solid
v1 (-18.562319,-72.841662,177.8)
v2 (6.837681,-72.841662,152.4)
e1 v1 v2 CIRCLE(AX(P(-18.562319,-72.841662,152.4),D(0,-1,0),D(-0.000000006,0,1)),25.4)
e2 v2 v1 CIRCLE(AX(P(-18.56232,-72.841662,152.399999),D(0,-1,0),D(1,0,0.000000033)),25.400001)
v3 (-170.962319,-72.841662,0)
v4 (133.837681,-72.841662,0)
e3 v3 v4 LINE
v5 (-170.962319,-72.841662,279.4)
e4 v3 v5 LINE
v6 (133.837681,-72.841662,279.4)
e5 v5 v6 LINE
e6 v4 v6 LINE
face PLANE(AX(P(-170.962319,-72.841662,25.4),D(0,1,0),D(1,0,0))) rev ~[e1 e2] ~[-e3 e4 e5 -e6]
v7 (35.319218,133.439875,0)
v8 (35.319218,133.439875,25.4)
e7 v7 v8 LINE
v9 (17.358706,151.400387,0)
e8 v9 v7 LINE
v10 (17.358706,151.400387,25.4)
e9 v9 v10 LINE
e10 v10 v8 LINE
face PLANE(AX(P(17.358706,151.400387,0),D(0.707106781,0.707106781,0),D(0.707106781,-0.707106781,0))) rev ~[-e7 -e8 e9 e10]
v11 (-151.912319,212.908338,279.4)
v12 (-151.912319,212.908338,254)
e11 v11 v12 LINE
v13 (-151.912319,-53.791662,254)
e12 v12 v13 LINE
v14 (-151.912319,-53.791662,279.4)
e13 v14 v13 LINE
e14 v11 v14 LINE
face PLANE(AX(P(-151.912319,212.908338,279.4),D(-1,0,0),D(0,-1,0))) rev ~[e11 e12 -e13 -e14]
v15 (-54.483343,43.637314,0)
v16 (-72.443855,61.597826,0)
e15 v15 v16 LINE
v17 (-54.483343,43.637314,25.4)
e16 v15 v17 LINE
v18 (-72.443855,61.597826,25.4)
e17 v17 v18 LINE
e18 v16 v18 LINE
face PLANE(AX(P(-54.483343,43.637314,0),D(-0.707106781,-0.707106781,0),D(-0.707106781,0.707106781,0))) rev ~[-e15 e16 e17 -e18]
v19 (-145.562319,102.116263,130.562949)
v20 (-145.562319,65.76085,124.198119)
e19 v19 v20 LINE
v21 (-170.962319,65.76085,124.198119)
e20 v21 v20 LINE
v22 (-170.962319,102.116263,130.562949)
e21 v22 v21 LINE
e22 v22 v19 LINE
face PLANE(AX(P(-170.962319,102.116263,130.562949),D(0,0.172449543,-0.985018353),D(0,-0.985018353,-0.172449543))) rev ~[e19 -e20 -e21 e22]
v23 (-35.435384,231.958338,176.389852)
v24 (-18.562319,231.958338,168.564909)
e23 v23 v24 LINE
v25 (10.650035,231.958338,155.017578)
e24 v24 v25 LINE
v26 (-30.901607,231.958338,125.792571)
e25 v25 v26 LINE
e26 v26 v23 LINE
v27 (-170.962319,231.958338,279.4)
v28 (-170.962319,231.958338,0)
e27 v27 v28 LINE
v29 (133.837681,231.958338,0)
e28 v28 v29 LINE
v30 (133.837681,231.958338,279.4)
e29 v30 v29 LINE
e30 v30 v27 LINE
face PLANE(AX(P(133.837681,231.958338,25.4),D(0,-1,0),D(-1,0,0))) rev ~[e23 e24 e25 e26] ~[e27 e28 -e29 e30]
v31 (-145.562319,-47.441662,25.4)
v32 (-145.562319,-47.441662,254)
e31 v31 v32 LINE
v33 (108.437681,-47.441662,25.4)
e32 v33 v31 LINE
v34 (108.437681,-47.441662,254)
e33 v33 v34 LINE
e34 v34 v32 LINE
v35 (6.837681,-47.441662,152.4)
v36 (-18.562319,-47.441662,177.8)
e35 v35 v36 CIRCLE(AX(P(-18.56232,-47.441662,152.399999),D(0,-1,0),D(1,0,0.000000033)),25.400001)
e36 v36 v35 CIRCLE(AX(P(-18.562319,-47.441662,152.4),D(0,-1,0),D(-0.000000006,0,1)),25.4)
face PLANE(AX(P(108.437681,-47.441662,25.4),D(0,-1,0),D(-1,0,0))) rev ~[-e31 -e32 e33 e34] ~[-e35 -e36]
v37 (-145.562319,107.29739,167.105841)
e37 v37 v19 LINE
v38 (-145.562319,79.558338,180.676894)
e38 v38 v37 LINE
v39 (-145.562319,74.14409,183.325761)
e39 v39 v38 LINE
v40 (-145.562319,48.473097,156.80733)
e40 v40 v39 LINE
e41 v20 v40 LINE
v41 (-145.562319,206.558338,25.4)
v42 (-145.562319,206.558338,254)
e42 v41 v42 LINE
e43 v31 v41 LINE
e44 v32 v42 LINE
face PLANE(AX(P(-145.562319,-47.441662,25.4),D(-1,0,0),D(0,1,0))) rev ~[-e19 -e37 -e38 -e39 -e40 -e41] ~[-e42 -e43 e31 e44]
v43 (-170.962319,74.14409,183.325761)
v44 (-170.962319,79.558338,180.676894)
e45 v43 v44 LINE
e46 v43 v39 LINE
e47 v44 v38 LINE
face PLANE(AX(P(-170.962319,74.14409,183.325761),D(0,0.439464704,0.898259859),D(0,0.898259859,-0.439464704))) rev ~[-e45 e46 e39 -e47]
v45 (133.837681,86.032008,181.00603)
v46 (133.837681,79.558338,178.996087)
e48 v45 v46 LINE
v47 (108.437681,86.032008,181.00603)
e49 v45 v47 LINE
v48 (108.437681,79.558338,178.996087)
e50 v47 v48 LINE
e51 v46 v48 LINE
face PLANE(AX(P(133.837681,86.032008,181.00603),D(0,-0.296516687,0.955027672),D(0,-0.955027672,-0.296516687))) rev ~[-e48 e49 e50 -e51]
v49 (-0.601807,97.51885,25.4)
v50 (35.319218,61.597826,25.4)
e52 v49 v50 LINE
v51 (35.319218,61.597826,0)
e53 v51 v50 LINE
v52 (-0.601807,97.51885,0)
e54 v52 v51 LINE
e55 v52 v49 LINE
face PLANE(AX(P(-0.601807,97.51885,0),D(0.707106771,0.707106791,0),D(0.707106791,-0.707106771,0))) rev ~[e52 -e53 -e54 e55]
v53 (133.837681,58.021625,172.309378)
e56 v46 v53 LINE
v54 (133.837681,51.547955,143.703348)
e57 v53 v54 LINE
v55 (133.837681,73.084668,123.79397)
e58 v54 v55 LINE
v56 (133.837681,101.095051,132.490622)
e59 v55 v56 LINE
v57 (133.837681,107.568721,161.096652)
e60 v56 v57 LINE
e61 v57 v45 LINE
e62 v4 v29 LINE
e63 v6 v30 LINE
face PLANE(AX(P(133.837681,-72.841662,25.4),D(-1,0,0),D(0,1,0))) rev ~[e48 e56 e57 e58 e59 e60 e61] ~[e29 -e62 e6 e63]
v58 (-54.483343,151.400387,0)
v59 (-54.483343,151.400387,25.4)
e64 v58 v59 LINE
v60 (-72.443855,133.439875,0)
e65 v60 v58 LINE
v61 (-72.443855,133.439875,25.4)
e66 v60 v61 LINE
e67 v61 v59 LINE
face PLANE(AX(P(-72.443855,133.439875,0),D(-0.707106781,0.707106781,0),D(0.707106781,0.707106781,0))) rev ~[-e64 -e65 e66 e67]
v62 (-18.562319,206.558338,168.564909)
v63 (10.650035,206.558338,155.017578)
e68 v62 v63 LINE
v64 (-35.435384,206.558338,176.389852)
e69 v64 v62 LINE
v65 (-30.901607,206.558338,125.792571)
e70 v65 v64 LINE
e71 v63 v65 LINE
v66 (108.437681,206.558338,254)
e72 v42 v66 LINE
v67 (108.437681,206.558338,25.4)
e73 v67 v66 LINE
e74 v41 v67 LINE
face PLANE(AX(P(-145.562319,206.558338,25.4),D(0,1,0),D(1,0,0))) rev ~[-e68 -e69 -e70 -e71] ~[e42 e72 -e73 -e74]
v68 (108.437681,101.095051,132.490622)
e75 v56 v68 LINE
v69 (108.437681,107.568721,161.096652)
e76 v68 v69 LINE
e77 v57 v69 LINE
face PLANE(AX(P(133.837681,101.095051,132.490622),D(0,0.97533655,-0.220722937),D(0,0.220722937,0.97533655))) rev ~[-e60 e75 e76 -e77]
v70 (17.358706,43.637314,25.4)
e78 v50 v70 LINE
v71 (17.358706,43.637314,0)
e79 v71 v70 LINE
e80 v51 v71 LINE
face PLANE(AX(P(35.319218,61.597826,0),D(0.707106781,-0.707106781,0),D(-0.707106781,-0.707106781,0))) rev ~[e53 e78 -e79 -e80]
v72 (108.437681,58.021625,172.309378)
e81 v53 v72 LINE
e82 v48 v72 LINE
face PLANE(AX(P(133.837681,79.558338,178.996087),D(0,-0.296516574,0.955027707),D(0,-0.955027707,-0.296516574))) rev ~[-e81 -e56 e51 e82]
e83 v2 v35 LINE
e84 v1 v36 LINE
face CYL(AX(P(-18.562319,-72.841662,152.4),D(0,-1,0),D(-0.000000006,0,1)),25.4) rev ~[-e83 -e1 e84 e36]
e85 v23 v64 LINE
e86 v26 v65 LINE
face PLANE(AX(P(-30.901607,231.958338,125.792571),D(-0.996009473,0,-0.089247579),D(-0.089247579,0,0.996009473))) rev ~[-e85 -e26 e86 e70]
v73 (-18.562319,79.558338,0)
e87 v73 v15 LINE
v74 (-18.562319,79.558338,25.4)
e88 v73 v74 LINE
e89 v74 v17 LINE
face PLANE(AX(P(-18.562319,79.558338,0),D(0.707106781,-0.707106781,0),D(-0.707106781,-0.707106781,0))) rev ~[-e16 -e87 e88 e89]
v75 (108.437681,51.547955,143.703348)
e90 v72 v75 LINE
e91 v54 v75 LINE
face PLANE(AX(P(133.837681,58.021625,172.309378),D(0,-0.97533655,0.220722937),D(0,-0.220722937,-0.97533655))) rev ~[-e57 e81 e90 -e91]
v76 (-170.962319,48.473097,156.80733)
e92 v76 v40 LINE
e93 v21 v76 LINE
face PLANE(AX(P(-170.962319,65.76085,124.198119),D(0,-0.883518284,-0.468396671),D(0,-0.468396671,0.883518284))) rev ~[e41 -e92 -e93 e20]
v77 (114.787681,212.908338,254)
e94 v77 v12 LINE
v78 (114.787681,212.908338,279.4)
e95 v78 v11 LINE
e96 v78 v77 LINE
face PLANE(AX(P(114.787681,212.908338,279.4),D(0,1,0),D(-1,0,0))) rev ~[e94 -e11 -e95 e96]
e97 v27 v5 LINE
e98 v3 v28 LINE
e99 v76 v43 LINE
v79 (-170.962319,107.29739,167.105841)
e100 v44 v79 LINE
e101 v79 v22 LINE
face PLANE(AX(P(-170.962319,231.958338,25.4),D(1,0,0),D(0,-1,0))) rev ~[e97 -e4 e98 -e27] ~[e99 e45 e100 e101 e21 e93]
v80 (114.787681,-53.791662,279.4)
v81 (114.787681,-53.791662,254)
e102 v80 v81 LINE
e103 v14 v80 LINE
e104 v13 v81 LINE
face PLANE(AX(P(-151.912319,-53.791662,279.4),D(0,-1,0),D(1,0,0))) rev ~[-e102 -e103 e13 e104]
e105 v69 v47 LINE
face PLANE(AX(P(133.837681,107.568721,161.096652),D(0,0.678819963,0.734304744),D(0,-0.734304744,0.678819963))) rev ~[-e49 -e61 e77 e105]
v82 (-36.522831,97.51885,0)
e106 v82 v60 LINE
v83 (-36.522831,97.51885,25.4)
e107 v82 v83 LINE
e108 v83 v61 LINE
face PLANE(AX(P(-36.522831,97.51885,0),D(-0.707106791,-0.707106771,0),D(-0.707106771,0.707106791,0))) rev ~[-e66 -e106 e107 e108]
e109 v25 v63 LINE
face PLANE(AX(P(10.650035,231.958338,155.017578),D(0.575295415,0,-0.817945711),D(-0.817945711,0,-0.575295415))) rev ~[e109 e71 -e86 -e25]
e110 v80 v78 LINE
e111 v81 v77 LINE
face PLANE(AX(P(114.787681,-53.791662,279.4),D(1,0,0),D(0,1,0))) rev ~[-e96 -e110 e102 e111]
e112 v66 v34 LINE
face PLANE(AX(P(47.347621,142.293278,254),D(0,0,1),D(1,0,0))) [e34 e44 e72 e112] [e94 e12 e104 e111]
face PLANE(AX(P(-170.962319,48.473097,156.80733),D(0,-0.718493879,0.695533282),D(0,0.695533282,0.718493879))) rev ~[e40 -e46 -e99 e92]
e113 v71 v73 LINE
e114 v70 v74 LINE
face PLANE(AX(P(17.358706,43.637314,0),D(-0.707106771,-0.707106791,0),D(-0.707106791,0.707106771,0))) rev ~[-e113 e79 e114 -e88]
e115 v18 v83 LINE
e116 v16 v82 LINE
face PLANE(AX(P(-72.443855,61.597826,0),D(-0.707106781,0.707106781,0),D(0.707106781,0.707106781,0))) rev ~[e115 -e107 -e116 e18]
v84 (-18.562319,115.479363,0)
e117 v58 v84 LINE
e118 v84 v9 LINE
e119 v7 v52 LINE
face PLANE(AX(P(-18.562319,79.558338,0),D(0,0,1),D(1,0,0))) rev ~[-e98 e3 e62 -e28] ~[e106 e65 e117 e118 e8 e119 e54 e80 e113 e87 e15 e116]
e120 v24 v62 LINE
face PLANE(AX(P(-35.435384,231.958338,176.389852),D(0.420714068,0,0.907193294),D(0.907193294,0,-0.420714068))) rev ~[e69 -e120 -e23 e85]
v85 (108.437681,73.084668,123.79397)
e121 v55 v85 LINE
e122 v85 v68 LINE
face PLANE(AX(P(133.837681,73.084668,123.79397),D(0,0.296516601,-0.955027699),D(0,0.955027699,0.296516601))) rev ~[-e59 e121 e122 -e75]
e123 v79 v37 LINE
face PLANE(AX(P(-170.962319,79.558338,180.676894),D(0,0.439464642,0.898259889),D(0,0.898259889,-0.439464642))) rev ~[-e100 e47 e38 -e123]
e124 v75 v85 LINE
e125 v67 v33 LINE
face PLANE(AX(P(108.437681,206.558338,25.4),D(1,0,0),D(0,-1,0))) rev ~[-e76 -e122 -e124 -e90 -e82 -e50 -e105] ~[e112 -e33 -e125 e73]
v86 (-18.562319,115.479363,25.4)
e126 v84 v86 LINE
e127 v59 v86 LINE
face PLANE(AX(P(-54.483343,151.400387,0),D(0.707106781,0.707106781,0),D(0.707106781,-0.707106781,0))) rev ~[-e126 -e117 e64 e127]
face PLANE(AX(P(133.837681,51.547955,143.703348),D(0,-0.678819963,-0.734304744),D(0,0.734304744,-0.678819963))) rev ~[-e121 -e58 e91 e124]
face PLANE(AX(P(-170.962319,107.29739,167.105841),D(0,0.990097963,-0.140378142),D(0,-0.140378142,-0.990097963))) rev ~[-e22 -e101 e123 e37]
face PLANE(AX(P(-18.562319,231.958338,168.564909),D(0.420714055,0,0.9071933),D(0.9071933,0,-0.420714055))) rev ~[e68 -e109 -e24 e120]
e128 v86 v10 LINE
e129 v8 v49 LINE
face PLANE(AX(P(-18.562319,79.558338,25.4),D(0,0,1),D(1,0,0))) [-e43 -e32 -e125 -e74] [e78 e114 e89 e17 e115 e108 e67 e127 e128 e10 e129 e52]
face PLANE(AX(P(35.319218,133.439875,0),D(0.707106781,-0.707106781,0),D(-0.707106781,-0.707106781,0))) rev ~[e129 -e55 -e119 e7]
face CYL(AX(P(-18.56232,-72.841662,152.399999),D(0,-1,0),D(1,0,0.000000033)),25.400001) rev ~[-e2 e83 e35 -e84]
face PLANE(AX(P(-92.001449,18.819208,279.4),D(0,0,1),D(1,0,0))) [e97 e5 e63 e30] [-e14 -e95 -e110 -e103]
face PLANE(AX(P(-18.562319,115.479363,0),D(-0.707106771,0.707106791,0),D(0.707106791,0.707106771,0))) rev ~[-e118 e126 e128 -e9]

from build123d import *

# Parameters (mm, degrees)
F0_W      = 304.8
F0_H      = 304.8
F1_DEPTH  = 25.4
F3_DEPTH  = 254
F5_DEPTH  = 25.4
F7_DEPTH  = 25.4
F9_DEPTH  = 25.4
F11_DEPTH = 25.4
F13_DEPTH = 25.4
F15_DEPTH = 25.4


with BuildPart() as f1:
    # F0 (on Top) → F1 (new body)
    with BuildSketch(Plane.XY):
        with Locations((-18.562319, 79.558338)):
            Rectangle(F0_W, F0_H)
    extrude(amount=F1_DEPTH)

    # F2 (on face) → F3 (join)
    with BuildSketch(Plane.XY.offset(25.4)):
        Polygon((-145.562319, 231.958338), (-170.962319, 231.958338), (-170.962319, -72.841662), (108.437681, -72.841662), (108.437681, -47.441662), (-145.562319, -47.441662), (-145.562319, 206.558338), align=None)
        Polygon((133.837681, 231.958338), (-145.562319, 231.958338), (-145.562319, 206.558338), (108.437681, 206.558338), (108.437681, -47.441662), (108.437681, -72.841662), (133.837681, -72.841662), align=None)
    extrude(amount=F3_DEPTH)

    # F4 (on face) → F5 (cut)
    with BuildSketch(Plane.XY.offset(279.4)):
        Polygon((-145.562319, 212.908338), (-145.562319, 206.558338), (108.437681, 206.558338), (108.437681, -47.441662), (108.437681, -53.791662), (114.787681, -53.791662), (114.787681, 212.908338), align=None)
        Polygon((-145.562319, -47.441662), (-145.562319, 206.558338), (-145.562319, 212.908338), (-151.912319, 212.908338), (-151.912319, -53.791662), (108.437681, -53.791662), (108.437681, -47.441662), align=None)
    extrude(amount=-F5_DEPTH, mode=Mode.SUBTRACT)

    # F6 (on face) → F7 (cut)
    with BuildSketch(Plane.XZ.offset(72.841662)):
        with BuildLine():
            ThreePointArc((6.837681, 152.4), (-0.601807, 170.360512), (-18.562319, 177.8))
            ThreePointArc((-18.562319, 177.8), (-36.522831, 134.439488), (6.837681, 152.4))
        make_face()
    extrude(amount=-F7_DEPTH, mode=Mode.SUBTRACT)

    # F8 (on face) → F9 (cut)
    with BuildSketch(Plane.YZ.offset(133.837681)):
        Polygon((86.032008, 181.00603), (79.558338, 178.996087), (58.021625, 172.309378), (51.547955, 143.703348), (73.084668, 123.79397), (101.095051, 132.490622), (107.568721, 161.096652), align=None)
    extrude(amount=-F9_DEPTH, mode=Mode.SUBTRACT)

    # F10 (on face) → F11 (cut)
    with BuildSketch(Plane(origin=(0, 231.958338, 0), x_dir=(-1, 0, 0), z_dir=(0, 1, 0))):
        Polygon((35.435384, 176.389852), (18.562319, 168.564909), (-10.650035, 155.017578), (30.901607, 125.792571), align=None)
    extrude(amount=-F11_DEPTH, mode=Mode.SUBTRACT)

    # F12 (on face) → F13 (cut)
    with BuildSketch(Plane(origin=(0, 0, 0), x_dir=(1, 0, 0), z_dir=(0, 0, -1))):
        Polygon((17.358706, -43.637314), (-18.562319, -79.558338), (-54.483343, -43.637314), (-72.443855, -61.597826), (-36.522831, -97.51885), (-72.443855, -133.439875), (-54.483343, -151.400387), (-18.562319, -115.479363), (17.358706, -151.400387), (35.319218, -133.439875), (-0.601807, -97.51885), (35.319218, -61.597826), align=None)
    extrude(amount=-F13_DEPTH, mode=Mode.SUBTRACT)

    # F14 (on face) → F15 (cut)
    with BuildSketch(Plane(origin=(-170.962319, 0, 0), x_dir=(0, -1, 0), z_dir=(-1, 0, 0))):
        Polygon((-74.14409, 183.325761), (-79.558338, 180.676894), (-107.29739, 167.105841), (-102.116263, 130.562949), (-65.76085, 124.198119), (-48.473097, 156.80733), align=None)
    extrude(amount=-F15_DEPTH, mode=Mode.SUBTRACT)


solid = f1.part
